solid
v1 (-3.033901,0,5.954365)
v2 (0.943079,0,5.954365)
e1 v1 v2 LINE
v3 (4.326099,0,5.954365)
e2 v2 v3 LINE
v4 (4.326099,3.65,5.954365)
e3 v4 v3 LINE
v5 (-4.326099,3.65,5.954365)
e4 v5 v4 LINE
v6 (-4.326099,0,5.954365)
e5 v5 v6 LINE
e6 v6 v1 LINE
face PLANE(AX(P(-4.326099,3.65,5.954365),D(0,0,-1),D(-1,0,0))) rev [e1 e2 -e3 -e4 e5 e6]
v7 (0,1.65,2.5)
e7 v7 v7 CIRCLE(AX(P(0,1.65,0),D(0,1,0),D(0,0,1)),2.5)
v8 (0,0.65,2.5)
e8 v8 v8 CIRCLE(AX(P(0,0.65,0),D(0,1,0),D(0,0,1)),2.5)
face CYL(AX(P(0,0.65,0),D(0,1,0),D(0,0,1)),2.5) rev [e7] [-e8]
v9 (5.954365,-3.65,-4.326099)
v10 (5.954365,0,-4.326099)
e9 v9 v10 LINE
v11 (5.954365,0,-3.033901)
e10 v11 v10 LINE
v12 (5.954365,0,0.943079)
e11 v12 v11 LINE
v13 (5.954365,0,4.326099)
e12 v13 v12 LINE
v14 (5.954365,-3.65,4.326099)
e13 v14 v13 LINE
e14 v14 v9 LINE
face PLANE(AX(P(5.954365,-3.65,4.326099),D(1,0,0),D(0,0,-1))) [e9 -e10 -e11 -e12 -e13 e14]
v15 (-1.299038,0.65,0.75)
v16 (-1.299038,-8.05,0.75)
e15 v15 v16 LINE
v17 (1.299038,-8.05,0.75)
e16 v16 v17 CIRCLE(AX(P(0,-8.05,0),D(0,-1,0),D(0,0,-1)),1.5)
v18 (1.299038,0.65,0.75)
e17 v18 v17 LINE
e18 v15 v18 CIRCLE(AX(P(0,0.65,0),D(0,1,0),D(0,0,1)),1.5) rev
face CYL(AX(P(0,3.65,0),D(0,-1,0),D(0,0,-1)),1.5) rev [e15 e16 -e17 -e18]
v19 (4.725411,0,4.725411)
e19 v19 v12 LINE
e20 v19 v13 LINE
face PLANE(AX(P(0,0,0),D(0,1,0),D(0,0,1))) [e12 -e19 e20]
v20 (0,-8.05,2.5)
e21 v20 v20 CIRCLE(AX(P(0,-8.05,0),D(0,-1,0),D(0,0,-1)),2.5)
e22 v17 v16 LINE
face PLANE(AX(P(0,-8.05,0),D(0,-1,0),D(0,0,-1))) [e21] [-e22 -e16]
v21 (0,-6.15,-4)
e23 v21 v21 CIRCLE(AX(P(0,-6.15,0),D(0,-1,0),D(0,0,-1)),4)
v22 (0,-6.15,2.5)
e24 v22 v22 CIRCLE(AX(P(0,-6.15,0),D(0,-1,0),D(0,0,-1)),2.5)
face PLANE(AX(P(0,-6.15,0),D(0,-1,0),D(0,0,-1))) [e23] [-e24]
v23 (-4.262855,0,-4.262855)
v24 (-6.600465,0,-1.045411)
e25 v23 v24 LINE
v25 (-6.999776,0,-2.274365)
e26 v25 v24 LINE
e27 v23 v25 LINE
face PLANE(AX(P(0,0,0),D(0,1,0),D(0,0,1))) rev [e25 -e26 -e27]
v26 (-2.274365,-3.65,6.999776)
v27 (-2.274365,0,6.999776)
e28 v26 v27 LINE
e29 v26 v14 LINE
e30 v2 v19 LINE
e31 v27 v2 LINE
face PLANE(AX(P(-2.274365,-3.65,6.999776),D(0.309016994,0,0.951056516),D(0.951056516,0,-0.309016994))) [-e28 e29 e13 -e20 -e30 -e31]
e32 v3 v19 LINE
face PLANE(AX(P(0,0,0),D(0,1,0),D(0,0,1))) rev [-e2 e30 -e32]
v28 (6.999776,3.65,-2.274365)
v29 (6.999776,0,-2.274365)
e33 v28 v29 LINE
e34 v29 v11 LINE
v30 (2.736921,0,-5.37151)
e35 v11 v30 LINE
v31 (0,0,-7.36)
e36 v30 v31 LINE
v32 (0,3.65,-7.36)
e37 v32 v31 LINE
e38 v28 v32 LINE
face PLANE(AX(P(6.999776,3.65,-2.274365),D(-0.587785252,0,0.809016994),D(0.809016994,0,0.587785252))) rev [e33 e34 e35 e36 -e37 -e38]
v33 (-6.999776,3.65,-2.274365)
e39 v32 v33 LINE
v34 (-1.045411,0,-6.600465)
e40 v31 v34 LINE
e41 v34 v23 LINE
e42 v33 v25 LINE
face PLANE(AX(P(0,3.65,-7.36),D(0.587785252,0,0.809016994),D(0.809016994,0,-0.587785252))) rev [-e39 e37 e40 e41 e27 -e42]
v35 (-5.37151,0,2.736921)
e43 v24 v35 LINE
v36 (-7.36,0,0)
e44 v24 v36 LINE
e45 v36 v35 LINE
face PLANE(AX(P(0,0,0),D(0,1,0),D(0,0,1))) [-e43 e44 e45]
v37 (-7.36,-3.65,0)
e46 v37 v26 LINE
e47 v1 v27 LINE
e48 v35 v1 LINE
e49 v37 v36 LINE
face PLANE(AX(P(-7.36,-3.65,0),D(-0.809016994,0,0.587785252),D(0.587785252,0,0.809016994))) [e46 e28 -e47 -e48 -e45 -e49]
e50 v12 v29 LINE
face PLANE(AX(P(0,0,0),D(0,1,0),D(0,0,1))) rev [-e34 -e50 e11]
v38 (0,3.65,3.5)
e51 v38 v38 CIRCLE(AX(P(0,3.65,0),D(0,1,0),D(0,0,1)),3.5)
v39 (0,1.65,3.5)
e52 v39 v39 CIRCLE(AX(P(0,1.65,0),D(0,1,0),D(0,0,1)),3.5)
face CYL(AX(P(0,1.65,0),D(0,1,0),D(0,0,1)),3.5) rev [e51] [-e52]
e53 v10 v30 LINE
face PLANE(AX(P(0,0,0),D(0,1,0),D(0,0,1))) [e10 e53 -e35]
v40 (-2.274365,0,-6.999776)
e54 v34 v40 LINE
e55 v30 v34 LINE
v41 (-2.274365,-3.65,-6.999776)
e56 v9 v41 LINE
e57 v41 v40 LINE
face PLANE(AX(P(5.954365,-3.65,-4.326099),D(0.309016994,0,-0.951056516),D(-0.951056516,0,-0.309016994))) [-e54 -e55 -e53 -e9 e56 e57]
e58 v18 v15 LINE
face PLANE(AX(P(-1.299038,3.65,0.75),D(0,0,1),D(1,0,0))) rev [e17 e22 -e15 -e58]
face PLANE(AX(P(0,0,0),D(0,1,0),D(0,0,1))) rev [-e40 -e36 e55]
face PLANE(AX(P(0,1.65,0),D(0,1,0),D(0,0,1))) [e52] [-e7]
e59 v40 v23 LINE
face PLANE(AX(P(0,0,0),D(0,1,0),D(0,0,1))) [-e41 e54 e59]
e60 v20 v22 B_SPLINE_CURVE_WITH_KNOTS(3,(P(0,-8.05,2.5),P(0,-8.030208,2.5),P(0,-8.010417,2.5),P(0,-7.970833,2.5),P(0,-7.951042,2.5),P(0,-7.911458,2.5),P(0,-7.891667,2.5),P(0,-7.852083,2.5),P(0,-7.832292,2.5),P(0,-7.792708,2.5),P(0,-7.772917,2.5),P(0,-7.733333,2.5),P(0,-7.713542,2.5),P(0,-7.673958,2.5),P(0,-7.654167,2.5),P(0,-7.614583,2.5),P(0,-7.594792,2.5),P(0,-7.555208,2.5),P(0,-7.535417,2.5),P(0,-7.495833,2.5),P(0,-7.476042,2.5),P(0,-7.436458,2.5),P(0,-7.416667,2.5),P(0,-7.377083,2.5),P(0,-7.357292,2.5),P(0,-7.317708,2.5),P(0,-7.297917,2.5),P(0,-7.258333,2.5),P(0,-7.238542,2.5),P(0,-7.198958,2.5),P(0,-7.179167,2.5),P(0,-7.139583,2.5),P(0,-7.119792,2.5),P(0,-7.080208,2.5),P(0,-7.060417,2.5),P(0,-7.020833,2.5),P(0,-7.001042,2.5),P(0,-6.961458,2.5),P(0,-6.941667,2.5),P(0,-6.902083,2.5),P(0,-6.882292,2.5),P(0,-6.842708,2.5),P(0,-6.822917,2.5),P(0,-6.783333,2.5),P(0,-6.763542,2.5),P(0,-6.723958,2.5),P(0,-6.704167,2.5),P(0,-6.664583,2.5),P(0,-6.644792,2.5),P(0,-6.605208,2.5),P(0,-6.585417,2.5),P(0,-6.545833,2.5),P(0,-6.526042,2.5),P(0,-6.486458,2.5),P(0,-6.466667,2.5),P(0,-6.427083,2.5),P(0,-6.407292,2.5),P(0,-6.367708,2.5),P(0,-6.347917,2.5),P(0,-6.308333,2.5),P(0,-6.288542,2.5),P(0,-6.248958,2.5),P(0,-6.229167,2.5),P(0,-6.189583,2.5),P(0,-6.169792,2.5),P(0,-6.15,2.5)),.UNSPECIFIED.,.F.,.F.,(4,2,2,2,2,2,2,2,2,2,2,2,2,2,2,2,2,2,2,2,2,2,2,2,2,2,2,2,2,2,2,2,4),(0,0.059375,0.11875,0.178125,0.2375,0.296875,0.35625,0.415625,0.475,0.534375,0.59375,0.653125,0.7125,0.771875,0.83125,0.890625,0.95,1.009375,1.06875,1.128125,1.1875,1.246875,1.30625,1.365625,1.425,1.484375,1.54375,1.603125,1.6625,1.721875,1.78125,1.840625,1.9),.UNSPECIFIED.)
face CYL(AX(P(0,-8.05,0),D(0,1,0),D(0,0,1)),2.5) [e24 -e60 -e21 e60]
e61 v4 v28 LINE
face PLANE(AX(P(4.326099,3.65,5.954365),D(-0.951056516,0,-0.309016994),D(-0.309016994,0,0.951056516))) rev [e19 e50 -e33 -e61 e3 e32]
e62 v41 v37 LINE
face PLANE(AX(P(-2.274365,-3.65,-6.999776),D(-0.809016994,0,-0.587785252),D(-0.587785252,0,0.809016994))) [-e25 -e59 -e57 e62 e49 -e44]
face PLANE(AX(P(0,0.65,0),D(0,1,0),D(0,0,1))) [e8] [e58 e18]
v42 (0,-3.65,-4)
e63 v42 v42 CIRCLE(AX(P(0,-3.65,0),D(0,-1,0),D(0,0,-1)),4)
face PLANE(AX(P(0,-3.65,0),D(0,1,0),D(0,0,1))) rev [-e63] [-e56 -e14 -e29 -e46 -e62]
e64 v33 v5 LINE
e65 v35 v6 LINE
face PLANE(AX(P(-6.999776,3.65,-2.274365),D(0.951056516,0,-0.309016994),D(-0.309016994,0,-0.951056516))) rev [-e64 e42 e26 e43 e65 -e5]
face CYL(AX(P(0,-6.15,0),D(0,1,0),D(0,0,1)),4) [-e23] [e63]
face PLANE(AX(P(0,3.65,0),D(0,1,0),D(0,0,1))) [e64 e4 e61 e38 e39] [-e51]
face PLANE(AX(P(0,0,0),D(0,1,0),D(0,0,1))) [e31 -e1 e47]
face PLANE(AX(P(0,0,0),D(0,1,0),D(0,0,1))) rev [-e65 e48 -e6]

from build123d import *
from build123d.topology import SkipClean

# Parameters (mm, degrees)
EXTRUDE_1_DEPTH     = 3.65
EXTRUDE_2_DEPTH     = 3.65
SKETCH_3_R          = 3.5
CUT_EXTRUDE_1_DEPTH = 2
SKETCH_4_R          = 4
EXTRUDE_3_DEPTH     = 2.5
CUT_EXTRUDE_2_DEPTH = 15.296125349
SKETCH_7_R          = 2.5
CUT_EXTRUDE_3_DEPTH = 1
SKETCH_8_R          = 2.5
EXTRUDE_4_DEPTH     = 1.9


with BuildPart() as part:
    # 草图1 → 凸台-拉伸1 (new body)
    with BuildSketch(Plane(origin=(0, 0, 0), x_dir=(1, 0, 0), z_dir=(0, 1, 0))):
        Polygon((0, 7.36), (-6.99977596, 2.274365079), (-4.326099457, -5.954365079), (4.326099457, -5.954365079), (6.99977596, 2.274365079), align=None)
    extrude(amount=EXTRUDE_1_DEPTH)

    # 草图2 → 凸台-拉伸2 (add)
    with BuildSketch(Plane(origin=(0, 0, 0), x_dir=(1, 0, 0), z_dir=(0, 1, 0))):
        Polygon((-2.274365079, -6.99977596), (5.954365079, -4.326099457), (5.954365079, 4.326099457), (-2.274365079, 6.99977596), (-7.36, 0), align=None)
    extrude(amount=-EXTRUDE_2_DEPTH)

    # 草图3 → 切除-拉伸1 (cut)
    with BuildSketch(Plane(origin=(0, 3.65, 0), x_dir=(1, 0, 0), z_dir=(0, 1, 0))):
        with Locations(Location((0, 0, 0), (0, 0, 270))):
            Circle(SKETCH_3_R)
    extrude(amount=-CUT_EXTRUDE_1_DEPTH, mode=Mode.SUBTRACT)

    # 草图4 → 凸台-拉伸3 (add)
    with BuildSketch(Plane.XZ.offset(3.65)):
        with Locations(Location((0, 0, 0), (0, 0, 270))):
            Circle(SKETCH_4_R)
    extrude(amount=EXTRUDE_3_DEPTH)

    # 草图6 → 切除-拉伸2 (cut, through all)
    with BuildSketch(Plane.XZ.offset(6.15)):
        with BuildLine():
            Line((-1.299038106, 0.75), (1.299038106, 0.75))
            ThreePointArc((1.299038106, 0.75), (0, -1.5), (-1.299038106, 0.75))
        make_face()
    extrude(amount=-CUT_EXTRUDE_2_DEPTH, mode=Mode.SUBTRACT)

    # 草图7 → 切除-拉伸3 (cut)
    with BuildSketch(Plane(origin=(0, 1.65, 0), x_dir=(1, 0, 0), z_dir=(0, 1, 0))):
        with Locations(Location((0, 0, 0), (0, 0, 270))):
            Circle(SKETCH_7_R)
    extrude(amount=-CUT_EXTRUDE_3_DEPTH, mode=Mode.SUBTRACT)

    # 草图8 → 凸台-拉伸4 (add)
    with SkipClean():  # the faces are left unmerged after this step: merging them gives an invalid solid
        with BuildSketch(Plane.XZ.offset(6.15)):
            with Locations(Location((0, 0, 0), (0, 0, 90))):
                Circle(SKETCH_8_R)
            with BuildLine():
                Line((1.299038106, 0.75), (-1.299038106, 0.75))
                ThreePointArc((-1.299038106, 0.75), (0, -1.5), (1.299038106, 0.75))
            make_face(mode=Mode.SUBTRACT)
        extrude(amount=EXTRUDE_4_DEPTH)


solid = part.part
